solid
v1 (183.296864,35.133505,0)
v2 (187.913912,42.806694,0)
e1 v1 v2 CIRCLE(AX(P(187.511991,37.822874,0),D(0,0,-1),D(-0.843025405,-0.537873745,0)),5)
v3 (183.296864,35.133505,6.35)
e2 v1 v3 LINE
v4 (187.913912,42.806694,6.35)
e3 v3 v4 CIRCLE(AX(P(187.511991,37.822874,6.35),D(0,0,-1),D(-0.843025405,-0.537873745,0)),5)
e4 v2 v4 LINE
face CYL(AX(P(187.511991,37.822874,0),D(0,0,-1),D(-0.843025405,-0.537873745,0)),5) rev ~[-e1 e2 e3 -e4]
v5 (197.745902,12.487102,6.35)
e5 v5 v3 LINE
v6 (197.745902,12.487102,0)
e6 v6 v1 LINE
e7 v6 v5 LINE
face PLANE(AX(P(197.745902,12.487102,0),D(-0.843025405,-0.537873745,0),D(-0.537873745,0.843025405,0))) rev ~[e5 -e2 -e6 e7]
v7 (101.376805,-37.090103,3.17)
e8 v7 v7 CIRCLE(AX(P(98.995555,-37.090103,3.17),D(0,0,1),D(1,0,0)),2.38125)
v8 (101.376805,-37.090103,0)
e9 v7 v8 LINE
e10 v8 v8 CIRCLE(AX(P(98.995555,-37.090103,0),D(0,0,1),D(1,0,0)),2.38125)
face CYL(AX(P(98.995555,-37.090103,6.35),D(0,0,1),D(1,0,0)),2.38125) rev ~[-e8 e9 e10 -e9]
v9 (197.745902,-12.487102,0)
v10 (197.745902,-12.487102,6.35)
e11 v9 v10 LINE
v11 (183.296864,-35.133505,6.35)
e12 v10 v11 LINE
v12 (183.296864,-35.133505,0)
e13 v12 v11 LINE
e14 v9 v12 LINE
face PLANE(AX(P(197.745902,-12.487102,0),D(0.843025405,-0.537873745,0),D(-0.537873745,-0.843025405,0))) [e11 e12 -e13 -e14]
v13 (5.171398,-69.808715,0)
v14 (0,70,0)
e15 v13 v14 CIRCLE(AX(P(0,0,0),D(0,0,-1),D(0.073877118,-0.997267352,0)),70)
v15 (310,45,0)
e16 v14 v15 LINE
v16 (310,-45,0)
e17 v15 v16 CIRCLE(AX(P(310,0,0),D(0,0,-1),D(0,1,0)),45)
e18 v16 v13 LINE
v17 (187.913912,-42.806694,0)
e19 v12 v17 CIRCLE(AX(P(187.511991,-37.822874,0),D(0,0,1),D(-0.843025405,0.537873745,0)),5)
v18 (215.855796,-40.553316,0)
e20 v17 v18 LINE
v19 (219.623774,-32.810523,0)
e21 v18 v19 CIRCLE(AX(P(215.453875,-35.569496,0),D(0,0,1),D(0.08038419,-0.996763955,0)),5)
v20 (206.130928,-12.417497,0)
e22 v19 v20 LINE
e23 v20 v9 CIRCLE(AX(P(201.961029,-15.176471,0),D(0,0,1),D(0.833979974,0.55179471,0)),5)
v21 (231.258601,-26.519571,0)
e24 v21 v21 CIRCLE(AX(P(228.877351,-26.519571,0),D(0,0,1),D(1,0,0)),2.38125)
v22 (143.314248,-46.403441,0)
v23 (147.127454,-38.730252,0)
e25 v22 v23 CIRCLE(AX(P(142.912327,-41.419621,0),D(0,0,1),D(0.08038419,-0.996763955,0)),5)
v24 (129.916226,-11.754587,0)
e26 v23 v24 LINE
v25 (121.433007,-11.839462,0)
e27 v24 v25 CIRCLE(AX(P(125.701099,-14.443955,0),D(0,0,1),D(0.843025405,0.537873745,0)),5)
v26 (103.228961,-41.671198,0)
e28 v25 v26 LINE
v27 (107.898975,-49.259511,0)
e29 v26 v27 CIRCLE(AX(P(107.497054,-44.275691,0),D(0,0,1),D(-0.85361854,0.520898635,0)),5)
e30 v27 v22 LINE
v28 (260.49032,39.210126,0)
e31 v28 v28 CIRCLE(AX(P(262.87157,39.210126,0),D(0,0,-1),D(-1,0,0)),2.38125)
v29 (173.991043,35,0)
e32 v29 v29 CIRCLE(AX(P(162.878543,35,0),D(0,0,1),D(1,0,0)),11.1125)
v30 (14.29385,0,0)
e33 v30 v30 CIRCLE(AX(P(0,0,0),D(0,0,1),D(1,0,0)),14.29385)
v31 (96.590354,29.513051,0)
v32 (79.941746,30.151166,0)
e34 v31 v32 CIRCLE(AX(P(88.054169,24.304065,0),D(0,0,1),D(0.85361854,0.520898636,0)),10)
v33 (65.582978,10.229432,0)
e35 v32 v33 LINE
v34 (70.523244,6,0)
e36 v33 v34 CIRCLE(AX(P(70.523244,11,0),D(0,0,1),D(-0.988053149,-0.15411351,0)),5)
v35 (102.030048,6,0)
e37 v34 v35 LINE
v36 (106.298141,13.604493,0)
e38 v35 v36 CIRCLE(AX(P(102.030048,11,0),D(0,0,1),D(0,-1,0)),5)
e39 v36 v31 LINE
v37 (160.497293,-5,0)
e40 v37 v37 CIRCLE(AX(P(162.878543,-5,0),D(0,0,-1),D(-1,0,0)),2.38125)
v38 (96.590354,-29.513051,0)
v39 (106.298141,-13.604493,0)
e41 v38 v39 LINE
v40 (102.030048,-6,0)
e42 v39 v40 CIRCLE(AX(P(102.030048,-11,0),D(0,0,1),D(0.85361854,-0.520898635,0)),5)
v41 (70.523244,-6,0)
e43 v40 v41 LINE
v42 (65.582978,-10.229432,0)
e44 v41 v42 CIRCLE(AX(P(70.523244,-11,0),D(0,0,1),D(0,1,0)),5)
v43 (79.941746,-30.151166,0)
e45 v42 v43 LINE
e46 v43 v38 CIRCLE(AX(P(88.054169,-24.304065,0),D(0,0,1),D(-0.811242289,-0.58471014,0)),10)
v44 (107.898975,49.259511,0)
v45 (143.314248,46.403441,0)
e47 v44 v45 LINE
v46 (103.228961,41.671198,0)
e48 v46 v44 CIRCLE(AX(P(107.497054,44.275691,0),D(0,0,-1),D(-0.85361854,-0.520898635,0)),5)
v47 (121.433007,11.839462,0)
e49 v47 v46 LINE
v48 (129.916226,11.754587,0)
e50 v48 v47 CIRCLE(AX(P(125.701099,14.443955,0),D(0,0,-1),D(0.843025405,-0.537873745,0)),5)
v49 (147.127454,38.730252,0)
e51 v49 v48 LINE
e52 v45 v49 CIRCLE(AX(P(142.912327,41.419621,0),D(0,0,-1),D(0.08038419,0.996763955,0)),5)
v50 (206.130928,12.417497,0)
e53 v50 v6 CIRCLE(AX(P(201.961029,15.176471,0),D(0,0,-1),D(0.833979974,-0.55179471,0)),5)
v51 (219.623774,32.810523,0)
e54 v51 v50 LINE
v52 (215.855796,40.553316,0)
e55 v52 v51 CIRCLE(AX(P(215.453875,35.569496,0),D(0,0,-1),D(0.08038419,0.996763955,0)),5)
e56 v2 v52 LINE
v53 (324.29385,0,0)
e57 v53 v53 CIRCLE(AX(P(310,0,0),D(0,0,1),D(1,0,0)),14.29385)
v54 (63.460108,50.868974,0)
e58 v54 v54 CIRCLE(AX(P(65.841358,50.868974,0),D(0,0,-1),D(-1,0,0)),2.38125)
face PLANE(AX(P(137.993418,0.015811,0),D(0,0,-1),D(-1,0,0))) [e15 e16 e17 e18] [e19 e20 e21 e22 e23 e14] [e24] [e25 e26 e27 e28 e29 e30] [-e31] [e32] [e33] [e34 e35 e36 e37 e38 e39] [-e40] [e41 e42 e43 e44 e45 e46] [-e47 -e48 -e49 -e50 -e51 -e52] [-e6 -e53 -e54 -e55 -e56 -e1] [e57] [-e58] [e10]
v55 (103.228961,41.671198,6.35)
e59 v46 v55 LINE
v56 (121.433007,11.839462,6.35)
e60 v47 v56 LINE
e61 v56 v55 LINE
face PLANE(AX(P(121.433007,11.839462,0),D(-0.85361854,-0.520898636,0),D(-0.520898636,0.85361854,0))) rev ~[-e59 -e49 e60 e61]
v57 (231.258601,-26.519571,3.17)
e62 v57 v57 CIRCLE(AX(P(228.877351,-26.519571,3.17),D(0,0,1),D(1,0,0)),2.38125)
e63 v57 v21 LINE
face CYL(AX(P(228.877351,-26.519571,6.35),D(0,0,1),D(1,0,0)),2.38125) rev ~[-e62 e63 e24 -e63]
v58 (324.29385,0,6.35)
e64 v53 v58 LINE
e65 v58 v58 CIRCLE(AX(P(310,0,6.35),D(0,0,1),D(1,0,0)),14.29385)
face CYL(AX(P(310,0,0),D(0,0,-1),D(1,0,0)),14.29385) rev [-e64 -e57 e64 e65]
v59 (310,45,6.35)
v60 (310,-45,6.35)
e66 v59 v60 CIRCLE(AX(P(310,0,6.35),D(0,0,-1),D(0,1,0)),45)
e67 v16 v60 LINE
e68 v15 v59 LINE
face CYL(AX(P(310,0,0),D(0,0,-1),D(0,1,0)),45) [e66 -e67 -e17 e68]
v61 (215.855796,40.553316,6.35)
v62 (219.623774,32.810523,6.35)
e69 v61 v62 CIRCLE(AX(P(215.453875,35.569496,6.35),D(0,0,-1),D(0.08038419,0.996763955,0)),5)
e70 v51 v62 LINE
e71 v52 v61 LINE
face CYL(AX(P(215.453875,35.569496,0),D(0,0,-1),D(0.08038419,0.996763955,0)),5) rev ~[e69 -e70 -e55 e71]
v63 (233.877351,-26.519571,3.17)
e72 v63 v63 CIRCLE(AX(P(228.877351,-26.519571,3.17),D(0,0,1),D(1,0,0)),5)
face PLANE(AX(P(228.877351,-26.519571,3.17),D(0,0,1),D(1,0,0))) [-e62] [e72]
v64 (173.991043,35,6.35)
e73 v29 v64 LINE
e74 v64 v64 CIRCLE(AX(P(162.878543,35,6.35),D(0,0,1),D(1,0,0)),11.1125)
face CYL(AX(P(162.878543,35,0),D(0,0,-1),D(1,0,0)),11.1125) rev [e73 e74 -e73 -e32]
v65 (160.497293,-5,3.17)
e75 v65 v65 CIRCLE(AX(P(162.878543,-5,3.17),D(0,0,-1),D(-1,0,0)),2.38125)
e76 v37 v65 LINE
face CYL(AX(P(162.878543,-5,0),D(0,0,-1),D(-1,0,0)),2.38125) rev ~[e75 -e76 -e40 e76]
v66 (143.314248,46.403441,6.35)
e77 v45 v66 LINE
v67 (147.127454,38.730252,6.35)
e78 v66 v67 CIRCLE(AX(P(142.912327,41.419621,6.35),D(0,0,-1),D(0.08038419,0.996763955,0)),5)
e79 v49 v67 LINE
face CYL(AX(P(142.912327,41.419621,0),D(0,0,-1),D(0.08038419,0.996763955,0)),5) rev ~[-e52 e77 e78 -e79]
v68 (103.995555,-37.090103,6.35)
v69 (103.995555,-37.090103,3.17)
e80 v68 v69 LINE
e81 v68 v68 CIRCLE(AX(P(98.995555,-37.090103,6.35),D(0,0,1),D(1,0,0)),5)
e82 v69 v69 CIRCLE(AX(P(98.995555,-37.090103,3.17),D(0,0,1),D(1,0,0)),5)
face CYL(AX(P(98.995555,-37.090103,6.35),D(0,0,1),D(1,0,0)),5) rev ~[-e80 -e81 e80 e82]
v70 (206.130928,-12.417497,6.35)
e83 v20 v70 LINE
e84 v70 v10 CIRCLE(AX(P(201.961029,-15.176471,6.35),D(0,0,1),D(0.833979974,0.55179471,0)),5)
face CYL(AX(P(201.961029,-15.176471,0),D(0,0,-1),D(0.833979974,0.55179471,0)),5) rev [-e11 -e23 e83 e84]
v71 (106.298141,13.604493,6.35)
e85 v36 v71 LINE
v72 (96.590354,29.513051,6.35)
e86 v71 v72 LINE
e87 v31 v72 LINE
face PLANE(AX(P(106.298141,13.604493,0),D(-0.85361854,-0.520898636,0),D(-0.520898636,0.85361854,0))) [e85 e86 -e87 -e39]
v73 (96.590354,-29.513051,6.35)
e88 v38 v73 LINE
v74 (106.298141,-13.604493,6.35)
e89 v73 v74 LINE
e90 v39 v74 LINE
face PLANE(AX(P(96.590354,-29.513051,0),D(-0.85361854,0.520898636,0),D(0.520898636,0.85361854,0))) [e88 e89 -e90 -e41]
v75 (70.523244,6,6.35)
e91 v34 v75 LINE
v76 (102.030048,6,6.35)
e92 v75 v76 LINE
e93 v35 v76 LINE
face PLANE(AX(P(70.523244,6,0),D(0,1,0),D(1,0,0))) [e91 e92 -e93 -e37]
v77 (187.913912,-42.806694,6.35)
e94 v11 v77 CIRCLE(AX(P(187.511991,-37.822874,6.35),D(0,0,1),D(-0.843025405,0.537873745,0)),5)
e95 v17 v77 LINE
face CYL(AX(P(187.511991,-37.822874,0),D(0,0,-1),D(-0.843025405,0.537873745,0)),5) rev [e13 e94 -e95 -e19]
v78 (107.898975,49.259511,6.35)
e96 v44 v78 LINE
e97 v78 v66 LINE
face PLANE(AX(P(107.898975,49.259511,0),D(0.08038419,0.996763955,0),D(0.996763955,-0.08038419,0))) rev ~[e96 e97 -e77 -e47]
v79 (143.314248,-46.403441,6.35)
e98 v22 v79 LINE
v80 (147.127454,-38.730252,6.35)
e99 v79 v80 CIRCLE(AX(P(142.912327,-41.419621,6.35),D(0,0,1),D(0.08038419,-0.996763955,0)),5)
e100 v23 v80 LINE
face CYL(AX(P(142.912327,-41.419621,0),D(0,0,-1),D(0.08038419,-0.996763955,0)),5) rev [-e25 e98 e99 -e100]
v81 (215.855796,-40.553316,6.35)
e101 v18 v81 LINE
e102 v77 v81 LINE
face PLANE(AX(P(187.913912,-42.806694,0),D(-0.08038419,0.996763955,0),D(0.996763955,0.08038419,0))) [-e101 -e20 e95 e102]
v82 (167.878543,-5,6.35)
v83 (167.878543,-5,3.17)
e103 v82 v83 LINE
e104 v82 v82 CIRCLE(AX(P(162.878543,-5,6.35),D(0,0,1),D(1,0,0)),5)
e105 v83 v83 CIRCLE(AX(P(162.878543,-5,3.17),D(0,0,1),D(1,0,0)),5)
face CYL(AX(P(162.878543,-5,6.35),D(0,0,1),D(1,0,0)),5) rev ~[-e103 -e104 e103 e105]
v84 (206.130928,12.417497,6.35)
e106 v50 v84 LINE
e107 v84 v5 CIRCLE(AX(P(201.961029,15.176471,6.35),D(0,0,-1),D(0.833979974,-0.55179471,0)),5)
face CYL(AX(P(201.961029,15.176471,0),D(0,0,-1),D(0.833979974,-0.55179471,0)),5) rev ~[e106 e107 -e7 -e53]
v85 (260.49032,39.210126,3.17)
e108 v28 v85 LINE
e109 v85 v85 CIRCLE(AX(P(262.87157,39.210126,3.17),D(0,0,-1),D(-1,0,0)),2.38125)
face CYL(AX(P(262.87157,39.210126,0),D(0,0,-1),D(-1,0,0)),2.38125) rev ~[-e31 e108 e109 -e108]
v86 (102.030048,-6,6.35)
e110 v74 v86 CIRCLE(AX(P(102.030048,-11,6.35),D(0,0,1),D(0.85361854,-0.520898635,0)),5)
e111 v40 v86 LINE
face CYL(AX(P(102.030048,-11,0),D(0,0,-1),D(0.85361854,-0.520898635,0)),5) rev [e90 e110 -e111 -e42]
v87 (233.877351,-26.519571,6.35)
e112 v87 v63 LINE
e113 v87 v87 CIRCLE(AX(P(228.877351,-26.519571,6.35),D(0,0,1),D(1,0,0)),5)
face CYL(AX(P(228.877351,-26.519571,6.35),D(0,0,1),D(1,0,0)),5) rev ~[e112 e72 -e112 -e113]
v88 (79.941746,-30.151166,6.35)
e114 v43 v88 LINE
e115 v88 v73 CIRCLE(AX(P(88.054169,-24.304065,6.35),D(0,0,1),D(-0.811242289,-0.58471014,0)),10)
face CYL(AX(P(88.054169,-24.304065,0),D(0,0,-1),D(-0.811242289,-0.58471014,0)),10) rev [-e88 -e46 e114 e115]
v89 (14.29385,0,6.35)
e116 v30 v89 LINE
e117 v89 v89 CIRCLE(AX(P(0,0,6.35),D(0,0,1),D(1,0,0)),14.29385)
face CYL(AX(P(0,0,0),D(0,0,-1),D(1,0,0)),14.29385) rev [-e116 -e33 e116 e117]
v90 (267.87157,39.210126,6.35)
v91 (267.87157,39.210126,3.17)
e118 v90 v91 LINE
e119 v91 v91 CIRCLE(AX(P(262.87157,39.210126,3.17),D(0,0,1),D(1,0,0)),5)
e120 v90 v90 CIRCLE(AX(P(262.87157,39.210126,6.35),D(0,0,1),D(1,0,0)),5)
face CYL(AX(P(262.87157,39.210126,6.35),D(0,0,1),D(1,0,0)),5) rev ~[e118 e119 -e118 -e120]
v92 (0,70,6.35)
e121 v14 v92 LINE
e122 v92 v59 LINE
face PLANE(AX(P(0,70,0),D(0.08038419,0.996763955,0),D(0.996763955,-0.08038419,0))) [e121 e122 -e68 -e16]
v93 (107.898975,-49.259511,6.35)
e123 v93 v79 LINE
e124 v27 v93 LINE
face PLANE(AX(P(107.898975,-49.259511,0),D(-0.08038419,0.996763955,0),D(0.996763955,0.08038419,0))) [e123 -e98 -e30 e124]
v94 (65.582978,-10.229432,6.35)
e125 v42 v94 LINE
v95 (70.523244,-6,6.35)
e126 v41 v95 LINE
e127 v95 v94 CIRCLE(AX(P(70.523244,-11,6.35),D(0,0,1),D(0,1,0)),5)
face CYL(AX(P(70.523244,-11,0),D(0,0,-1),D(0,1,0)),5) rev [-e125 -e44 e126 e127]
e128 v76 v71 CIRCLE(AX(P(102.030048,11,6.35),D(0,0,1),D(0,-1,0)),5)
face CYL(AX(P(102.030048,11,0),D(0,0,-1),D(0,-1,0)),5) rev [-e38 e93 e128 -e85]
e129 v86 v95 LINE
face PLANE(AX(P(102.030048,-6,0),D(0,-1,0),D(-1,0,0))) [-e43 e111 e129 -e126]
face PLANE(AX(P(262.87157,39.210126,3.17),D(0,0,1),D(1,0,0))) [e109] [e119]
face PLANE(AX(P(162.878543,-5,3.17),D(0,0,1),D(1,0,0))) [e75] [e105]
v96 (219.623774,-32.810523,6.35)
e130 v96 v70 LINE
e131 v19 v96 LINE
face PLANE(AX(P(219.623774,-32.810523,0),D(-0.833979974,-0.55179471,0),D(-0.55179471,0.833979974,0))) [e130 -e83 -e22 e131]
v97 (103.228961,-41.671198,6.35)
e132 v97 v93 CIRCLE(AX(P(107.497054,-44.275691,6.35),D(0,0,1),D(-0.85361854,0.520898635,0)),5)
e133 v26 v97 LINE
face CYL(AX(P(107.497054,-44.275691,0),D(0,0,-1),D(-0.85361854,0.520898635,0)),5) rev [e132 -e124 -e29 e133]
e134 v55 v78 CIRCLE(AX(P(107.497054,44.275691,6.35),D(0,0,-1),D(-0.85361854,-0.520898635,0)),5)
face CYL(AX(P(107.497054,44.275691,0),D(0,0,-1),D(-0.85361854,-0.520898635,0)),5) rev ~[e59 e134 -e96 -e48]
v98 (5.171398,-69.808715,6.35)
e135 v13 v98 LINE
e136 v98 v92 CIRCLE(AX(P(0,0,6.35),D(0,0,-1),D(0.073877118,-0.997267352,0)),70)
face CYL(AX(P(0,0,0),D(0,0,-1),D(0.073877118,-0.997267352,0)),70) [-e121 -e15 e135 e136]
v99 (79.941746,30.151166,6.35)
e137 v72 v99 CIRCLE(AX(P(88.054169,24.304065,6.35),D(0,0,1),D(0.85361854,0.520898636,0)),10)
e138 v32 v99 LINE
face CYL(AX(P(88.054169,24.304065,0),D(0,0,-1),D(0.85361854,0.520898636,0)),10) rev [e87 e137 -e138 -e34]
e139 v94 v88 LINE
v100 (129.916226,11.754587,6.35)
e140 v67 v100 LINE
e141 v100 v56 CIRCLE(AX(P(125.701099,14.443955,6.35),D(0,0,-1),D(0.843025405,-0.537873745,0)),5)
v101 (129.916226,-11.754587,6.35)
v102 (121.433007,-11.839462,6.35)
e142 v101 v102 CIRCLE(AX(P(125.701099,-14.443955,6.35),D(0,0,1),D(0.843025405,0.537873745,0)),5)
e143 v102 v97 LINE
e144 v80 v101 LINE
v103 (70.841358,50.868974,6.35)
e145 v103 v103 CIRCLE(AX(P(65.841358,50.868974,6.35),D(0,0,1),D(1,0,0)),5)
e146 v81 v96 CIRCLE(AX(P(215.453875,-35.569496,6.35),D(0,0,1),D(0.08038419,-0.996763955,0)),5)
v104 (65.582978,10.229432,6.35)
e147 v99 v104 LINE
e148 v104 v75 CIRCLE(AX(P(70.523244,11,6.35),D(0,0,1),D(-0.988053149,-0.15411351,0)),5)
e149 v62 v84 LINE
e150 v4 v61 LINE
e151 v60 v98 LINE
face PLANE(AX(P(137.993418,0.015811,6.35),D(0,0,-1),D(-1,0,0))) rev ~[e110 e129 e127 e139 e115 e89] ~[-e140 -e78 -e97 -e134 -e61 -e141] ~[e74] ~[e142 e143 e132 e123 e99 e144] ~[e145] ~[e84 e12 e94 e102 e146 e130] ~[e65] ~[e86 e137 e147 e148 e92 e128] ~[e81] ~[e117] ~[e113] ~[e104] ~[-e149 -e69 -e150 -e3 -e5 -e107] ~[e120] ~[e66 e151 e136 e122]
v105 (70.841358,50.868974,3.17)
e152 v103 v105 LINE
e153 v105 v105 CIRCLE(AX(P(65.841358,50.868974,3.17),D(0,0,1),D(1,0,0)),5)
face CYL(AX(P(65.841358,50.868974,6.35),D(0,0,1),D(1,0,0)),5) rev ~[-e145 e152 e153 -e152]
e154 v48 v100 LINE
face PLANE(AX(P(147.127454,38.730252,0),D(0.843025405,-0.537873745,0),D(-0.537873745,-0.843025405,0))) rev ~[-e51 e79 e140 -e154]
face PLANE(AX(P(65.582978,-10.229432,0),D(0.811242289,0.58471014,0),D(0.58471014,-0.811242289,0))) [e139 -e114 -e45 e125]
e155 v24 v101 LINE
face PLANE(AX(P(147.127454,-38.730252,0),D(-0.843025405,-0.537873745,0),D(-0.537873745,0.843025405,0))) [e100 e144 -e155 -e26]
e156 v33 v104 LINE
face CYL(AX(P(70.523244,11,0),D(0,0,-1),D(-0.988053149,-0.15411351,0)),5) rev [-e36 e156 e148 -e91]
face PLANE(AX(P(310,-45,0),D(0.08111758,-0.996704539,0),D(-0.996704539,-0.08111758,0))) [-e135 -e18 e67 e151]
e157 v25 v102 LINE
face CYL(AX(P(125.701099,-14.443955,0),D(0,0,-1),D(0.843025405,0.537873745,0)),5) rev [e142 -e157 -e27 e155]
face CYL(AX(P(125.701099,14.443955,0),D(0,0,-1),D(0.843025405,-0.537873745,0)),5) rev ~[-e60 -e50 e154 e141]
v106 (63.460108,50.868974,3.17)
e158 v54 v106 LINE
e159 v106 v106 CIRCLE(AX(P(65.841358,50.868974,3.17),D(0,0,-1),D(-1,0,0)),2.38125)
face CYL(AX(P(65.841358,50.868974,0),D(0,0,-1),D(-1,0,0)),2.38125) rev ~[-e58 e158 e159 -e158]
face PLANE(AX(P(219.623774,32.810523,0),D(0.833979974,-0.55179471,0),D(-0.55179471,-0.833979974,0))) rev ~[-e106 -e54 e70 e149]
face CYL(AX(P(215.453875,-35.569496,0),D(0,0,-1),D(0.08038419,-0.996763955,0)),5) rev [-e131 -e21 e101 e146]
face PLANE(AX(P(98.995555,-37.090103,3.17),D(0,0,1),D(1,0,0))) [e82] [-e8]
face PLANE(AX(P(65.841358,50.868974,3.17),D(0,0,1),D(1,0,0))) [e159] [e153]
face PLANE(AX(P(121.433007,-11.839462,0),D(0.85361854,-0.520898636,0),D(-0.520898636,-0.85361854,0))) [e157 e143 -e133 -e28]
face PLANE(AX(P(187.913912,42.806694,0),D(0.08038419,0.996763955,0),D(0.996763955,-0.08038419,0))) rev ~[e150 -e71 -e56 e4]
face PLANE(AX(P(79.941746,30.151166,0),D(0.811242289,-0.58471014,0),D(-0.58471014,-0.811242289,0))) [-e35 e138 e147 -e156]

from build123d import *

# Parameters (mm, degrees)
SKETCH1_R             = 14.29385
SKETCH1_R_2           = 11.1125
BOSS_EXTRUDE1_DEPTH   = 6.35
CROQUIS1_R            = 2.38125
CORTAR_EXTRUIR1_DEPTH = 50
CROQUIS6_R            = 2.38125
CORTAR_EXTRUIR4_DEPTH = 10
CROQUIS7_R            = 2.38125
CORTAR_EXTRUIR5_DEPTH = 10
CROQUIS9_R            = 5
CORTAR_EXTRUIR6_DEPTH = 3.18


with BuildPart() as part:
    # Sketch1 → Boss-Extrude1 (new body)
    with BuildSketch(Plane.XY):
        with BuildLine():
            Line((0, 70), (310, 45))
            ThreePointArc((310, 45), (355, 0), (310, -45))
            Line((310, -45), (5.171398252, -69.808714643))
            ThreePointArc((5.171398252, -69.808714643), (-69.952162315, -2.587467389), (0, 70))
        make_face()
        Circle(SKETCH1_R, mode=Mode.SUBTRACT)
        with Locations((310, 0)):
            Circle(SKETCH1_R, mode=Mode.SUBTRACT)
        with Locations((162.878542763, 35)):
            Circle(SKETCH1_R_2, mode=Mode.SUBTRACT)
        with BuildLine():
            Line((107.898974887, 49.259511156), (143.314248041, 46.40344074))
            ThreePointArc((143.314248041, 46.40344074), (147.389908855, 43.644764005), (147.127454118, 38.730252238))
            Line((147.127454118, 38.730252238), (129.916226305, 11.754586611))
            ThreePointArc((129.916226305, 11.754586611), (125.651076231, 9.444205574), (121.433006579, 11.839462159))
            Line((121.433006579, 11.839462159), (103.228961238, 41.671198203))
            ThreePointArc((103.228961238, 41.671198203), (103.238833139, 46.896293531), (107.898974887, 49.259511156))
        make_face(mode=Mode.SUBTRACT)
        with BuildLine():
            Line((70.523244027, 6), (102.03004784, 6))
            ThreePointArc((102.03004784, 6), (106.3902351, 8.552804247), (106.298140539, 13.604493178))
            Line((106.298140539, 13.604493178), (96.590354482, 29.513051181))
            ThreePointArc((96.590354482, 29.513051181), (88.437172177, 34.296727565), (79.941746192, 30.151166228))
            Line((79.941746192, 30.151166228), (65.58297828, 10.229432452))
            ThreePointArc((65.58297828, 10.229432452), (67.271539685, 7.201787411), (70.523244027, 6))
        make_face(mode=Mode.SUBTRACT)
        with BuildLine():
            Line((219.623774494, 32.810522613), (206.130928429, 12.417497436))
            ThreePointArc((206.130928429, 12.417497436), (201.919524559, 10.176643248), (197.745901529, 12.48710226))
            Line((197.745901529, 12.48710226), (183.296864227, 35.133505128))
            ThreePointArc((183.296864227, 35.133505128), (183.227765467, 40.400743015), (187.913912204, 42.80669363))
            Line((187.913912204, 42.80669363), (215.855795571, 40.553315939))
            ThreePointArc((215.855795571, 40.553315939), (219.949772588, 37.757395035), (219.623774494, 32.810522613))
        make_face(mode=Mode.SUBTRACT)
        with BuildLine():
            Line((96.590354482, -29.513051181), (106.298140539, -13.604493178))
            ThreePointArc((106.298140539, -13.604493178), (106.3902351, -8.552804247), (102.03004784, -6))
            Line((102.03004784, -6), (70.523244027, -6))
            ThreePointArc((70.523244027, -6), (67.271539685, -7.201787411), (65.58297828, -10.229432452))
            Line((65.58297828, -10.229432452), (79.941746192, -30.151166228))
            ThreePointArc((79.941746192, -30.151166228), (88.437172177, -34.296727565), (96.590354482, -29.513051181))
        make_face(mode=Mode.SUBTRACT)
        with BuildLine():
            Line((187.913912204, -42.80669363), (215.855795571, -40.553315939))
            ThreePointArc((215.855795571, -40.553315939), (219.949772588, -37.757395035), (219.623774494, -32.810522613))
            Line((219.623774494, -32.810522613), (206.130928429, -12.417497436))
            ThreePointArc((206.130928429, -12.417497436), (201.919524559, -10.176643248), (197.745901529, -12.48710226))
            Line((197.745901529, -12.48710226), (183.296864227, -35.133505128))
            ThreePointArc((183.296864227, -35.133505128), (183.227765467, -40.400743015), (187.913912204, -42.80669363))
        make_face(mode=Mode.SUBTRACT)
        with BuildLine():
            Line((121.433006579, -11.839462159), (103.228961238, -41.671198203))
            ThreePointArc((103.228961238, -41.671198203), (103.238833139, -46.896293531), (107.898974887, -49.259511156))
            Line((107.898974887, -49.259511156), (143.314248041, -46.40344074))
            ThreePointArc((143.314248041, -46.40344074), (147.389908855, -43.644764005), (147.127454118, -38.730252238))
            Line((147.127454118, -38.730252238), (129.916226305, -11.754586611))
            ThreePointArc((129.916226305, -11.754586611), (125.651076231, -9.444205574), (121.433006579, -11.839462159))
        make_face(mode=Mode.SUBTRACT)
    extrude(amount=BOSS_EXTRUDE1_DEPTH)

    # Croquis1 → Cortar-Extruir1 (cut)
    with BuildSketch(Plane.XY.offset(6.35)):
        with Locations((98.995555235, -37.090103176)):
            Circle(CROQUIS1_R)
        with Locations((228.877351461, -26.519571404)):
            Circle(CROQUIS1_R)
    extrude(amount=-CORTAR_EXTRUIR1_DEPTH, mode=Mode.SUBTRACT)

    # Croquis6 → Cortar-Extruir4 (cut)
    with BuildSketch(Plane(origin=(0, 0, 0), x_dir=(-1, 0, 0), z_dir=(0, 0, -1))):
        with Locations((-162.878542763, -5)):
            Circle(CROQUIS6_R)
    extrude(amount=-CORTAR_EXTRUIR4_DEPTH, mode=Mode.SUBTRACT)

    # Croquis7 → Cortar-Extruir5 (cut)
    with BuildSketch(Plane(origin=(0, 0, 0), x_dir=(-1, 0, 0), z_dir=(0, 0, -1))):
        with Locations((-65.84135797, 50.868973694)):
            Circle(CROQUIS7_R)
        with Locations((-262.871569638, 39.210126075)):
            Circle(CROQUIS7_R)
    extrude(amount=-CORTAR_EXTRUIR5_DEPTH, mode=Mode.SUBTRACT)

    # Croquis9 → Cortar-Extruir6 (cut)
    with BuildSketch(Plane.XY.offset(6.35)):
        with Locations((65.84135797, 50.868973694)):
            Circle(CROQUIS9_R)
        with Locations((162.878542763, -5)):
            Circle(CROQUIS9_R)
        with Locations((98.995555235, -37.090103176)):
            Circle(CROQUIS9_R)
        with Locations((228.877351461, -26.519571404)):
            Circle(CROQUIS9_R)
        with Locations((262.871569638, 39.210126075)):
            Circle(CROQUIS9_R)
    extrude(amount=-CORTAR_EXTRUIR6_DEPTH, mode=Mode.SUBTRACT)


solid = part.part
